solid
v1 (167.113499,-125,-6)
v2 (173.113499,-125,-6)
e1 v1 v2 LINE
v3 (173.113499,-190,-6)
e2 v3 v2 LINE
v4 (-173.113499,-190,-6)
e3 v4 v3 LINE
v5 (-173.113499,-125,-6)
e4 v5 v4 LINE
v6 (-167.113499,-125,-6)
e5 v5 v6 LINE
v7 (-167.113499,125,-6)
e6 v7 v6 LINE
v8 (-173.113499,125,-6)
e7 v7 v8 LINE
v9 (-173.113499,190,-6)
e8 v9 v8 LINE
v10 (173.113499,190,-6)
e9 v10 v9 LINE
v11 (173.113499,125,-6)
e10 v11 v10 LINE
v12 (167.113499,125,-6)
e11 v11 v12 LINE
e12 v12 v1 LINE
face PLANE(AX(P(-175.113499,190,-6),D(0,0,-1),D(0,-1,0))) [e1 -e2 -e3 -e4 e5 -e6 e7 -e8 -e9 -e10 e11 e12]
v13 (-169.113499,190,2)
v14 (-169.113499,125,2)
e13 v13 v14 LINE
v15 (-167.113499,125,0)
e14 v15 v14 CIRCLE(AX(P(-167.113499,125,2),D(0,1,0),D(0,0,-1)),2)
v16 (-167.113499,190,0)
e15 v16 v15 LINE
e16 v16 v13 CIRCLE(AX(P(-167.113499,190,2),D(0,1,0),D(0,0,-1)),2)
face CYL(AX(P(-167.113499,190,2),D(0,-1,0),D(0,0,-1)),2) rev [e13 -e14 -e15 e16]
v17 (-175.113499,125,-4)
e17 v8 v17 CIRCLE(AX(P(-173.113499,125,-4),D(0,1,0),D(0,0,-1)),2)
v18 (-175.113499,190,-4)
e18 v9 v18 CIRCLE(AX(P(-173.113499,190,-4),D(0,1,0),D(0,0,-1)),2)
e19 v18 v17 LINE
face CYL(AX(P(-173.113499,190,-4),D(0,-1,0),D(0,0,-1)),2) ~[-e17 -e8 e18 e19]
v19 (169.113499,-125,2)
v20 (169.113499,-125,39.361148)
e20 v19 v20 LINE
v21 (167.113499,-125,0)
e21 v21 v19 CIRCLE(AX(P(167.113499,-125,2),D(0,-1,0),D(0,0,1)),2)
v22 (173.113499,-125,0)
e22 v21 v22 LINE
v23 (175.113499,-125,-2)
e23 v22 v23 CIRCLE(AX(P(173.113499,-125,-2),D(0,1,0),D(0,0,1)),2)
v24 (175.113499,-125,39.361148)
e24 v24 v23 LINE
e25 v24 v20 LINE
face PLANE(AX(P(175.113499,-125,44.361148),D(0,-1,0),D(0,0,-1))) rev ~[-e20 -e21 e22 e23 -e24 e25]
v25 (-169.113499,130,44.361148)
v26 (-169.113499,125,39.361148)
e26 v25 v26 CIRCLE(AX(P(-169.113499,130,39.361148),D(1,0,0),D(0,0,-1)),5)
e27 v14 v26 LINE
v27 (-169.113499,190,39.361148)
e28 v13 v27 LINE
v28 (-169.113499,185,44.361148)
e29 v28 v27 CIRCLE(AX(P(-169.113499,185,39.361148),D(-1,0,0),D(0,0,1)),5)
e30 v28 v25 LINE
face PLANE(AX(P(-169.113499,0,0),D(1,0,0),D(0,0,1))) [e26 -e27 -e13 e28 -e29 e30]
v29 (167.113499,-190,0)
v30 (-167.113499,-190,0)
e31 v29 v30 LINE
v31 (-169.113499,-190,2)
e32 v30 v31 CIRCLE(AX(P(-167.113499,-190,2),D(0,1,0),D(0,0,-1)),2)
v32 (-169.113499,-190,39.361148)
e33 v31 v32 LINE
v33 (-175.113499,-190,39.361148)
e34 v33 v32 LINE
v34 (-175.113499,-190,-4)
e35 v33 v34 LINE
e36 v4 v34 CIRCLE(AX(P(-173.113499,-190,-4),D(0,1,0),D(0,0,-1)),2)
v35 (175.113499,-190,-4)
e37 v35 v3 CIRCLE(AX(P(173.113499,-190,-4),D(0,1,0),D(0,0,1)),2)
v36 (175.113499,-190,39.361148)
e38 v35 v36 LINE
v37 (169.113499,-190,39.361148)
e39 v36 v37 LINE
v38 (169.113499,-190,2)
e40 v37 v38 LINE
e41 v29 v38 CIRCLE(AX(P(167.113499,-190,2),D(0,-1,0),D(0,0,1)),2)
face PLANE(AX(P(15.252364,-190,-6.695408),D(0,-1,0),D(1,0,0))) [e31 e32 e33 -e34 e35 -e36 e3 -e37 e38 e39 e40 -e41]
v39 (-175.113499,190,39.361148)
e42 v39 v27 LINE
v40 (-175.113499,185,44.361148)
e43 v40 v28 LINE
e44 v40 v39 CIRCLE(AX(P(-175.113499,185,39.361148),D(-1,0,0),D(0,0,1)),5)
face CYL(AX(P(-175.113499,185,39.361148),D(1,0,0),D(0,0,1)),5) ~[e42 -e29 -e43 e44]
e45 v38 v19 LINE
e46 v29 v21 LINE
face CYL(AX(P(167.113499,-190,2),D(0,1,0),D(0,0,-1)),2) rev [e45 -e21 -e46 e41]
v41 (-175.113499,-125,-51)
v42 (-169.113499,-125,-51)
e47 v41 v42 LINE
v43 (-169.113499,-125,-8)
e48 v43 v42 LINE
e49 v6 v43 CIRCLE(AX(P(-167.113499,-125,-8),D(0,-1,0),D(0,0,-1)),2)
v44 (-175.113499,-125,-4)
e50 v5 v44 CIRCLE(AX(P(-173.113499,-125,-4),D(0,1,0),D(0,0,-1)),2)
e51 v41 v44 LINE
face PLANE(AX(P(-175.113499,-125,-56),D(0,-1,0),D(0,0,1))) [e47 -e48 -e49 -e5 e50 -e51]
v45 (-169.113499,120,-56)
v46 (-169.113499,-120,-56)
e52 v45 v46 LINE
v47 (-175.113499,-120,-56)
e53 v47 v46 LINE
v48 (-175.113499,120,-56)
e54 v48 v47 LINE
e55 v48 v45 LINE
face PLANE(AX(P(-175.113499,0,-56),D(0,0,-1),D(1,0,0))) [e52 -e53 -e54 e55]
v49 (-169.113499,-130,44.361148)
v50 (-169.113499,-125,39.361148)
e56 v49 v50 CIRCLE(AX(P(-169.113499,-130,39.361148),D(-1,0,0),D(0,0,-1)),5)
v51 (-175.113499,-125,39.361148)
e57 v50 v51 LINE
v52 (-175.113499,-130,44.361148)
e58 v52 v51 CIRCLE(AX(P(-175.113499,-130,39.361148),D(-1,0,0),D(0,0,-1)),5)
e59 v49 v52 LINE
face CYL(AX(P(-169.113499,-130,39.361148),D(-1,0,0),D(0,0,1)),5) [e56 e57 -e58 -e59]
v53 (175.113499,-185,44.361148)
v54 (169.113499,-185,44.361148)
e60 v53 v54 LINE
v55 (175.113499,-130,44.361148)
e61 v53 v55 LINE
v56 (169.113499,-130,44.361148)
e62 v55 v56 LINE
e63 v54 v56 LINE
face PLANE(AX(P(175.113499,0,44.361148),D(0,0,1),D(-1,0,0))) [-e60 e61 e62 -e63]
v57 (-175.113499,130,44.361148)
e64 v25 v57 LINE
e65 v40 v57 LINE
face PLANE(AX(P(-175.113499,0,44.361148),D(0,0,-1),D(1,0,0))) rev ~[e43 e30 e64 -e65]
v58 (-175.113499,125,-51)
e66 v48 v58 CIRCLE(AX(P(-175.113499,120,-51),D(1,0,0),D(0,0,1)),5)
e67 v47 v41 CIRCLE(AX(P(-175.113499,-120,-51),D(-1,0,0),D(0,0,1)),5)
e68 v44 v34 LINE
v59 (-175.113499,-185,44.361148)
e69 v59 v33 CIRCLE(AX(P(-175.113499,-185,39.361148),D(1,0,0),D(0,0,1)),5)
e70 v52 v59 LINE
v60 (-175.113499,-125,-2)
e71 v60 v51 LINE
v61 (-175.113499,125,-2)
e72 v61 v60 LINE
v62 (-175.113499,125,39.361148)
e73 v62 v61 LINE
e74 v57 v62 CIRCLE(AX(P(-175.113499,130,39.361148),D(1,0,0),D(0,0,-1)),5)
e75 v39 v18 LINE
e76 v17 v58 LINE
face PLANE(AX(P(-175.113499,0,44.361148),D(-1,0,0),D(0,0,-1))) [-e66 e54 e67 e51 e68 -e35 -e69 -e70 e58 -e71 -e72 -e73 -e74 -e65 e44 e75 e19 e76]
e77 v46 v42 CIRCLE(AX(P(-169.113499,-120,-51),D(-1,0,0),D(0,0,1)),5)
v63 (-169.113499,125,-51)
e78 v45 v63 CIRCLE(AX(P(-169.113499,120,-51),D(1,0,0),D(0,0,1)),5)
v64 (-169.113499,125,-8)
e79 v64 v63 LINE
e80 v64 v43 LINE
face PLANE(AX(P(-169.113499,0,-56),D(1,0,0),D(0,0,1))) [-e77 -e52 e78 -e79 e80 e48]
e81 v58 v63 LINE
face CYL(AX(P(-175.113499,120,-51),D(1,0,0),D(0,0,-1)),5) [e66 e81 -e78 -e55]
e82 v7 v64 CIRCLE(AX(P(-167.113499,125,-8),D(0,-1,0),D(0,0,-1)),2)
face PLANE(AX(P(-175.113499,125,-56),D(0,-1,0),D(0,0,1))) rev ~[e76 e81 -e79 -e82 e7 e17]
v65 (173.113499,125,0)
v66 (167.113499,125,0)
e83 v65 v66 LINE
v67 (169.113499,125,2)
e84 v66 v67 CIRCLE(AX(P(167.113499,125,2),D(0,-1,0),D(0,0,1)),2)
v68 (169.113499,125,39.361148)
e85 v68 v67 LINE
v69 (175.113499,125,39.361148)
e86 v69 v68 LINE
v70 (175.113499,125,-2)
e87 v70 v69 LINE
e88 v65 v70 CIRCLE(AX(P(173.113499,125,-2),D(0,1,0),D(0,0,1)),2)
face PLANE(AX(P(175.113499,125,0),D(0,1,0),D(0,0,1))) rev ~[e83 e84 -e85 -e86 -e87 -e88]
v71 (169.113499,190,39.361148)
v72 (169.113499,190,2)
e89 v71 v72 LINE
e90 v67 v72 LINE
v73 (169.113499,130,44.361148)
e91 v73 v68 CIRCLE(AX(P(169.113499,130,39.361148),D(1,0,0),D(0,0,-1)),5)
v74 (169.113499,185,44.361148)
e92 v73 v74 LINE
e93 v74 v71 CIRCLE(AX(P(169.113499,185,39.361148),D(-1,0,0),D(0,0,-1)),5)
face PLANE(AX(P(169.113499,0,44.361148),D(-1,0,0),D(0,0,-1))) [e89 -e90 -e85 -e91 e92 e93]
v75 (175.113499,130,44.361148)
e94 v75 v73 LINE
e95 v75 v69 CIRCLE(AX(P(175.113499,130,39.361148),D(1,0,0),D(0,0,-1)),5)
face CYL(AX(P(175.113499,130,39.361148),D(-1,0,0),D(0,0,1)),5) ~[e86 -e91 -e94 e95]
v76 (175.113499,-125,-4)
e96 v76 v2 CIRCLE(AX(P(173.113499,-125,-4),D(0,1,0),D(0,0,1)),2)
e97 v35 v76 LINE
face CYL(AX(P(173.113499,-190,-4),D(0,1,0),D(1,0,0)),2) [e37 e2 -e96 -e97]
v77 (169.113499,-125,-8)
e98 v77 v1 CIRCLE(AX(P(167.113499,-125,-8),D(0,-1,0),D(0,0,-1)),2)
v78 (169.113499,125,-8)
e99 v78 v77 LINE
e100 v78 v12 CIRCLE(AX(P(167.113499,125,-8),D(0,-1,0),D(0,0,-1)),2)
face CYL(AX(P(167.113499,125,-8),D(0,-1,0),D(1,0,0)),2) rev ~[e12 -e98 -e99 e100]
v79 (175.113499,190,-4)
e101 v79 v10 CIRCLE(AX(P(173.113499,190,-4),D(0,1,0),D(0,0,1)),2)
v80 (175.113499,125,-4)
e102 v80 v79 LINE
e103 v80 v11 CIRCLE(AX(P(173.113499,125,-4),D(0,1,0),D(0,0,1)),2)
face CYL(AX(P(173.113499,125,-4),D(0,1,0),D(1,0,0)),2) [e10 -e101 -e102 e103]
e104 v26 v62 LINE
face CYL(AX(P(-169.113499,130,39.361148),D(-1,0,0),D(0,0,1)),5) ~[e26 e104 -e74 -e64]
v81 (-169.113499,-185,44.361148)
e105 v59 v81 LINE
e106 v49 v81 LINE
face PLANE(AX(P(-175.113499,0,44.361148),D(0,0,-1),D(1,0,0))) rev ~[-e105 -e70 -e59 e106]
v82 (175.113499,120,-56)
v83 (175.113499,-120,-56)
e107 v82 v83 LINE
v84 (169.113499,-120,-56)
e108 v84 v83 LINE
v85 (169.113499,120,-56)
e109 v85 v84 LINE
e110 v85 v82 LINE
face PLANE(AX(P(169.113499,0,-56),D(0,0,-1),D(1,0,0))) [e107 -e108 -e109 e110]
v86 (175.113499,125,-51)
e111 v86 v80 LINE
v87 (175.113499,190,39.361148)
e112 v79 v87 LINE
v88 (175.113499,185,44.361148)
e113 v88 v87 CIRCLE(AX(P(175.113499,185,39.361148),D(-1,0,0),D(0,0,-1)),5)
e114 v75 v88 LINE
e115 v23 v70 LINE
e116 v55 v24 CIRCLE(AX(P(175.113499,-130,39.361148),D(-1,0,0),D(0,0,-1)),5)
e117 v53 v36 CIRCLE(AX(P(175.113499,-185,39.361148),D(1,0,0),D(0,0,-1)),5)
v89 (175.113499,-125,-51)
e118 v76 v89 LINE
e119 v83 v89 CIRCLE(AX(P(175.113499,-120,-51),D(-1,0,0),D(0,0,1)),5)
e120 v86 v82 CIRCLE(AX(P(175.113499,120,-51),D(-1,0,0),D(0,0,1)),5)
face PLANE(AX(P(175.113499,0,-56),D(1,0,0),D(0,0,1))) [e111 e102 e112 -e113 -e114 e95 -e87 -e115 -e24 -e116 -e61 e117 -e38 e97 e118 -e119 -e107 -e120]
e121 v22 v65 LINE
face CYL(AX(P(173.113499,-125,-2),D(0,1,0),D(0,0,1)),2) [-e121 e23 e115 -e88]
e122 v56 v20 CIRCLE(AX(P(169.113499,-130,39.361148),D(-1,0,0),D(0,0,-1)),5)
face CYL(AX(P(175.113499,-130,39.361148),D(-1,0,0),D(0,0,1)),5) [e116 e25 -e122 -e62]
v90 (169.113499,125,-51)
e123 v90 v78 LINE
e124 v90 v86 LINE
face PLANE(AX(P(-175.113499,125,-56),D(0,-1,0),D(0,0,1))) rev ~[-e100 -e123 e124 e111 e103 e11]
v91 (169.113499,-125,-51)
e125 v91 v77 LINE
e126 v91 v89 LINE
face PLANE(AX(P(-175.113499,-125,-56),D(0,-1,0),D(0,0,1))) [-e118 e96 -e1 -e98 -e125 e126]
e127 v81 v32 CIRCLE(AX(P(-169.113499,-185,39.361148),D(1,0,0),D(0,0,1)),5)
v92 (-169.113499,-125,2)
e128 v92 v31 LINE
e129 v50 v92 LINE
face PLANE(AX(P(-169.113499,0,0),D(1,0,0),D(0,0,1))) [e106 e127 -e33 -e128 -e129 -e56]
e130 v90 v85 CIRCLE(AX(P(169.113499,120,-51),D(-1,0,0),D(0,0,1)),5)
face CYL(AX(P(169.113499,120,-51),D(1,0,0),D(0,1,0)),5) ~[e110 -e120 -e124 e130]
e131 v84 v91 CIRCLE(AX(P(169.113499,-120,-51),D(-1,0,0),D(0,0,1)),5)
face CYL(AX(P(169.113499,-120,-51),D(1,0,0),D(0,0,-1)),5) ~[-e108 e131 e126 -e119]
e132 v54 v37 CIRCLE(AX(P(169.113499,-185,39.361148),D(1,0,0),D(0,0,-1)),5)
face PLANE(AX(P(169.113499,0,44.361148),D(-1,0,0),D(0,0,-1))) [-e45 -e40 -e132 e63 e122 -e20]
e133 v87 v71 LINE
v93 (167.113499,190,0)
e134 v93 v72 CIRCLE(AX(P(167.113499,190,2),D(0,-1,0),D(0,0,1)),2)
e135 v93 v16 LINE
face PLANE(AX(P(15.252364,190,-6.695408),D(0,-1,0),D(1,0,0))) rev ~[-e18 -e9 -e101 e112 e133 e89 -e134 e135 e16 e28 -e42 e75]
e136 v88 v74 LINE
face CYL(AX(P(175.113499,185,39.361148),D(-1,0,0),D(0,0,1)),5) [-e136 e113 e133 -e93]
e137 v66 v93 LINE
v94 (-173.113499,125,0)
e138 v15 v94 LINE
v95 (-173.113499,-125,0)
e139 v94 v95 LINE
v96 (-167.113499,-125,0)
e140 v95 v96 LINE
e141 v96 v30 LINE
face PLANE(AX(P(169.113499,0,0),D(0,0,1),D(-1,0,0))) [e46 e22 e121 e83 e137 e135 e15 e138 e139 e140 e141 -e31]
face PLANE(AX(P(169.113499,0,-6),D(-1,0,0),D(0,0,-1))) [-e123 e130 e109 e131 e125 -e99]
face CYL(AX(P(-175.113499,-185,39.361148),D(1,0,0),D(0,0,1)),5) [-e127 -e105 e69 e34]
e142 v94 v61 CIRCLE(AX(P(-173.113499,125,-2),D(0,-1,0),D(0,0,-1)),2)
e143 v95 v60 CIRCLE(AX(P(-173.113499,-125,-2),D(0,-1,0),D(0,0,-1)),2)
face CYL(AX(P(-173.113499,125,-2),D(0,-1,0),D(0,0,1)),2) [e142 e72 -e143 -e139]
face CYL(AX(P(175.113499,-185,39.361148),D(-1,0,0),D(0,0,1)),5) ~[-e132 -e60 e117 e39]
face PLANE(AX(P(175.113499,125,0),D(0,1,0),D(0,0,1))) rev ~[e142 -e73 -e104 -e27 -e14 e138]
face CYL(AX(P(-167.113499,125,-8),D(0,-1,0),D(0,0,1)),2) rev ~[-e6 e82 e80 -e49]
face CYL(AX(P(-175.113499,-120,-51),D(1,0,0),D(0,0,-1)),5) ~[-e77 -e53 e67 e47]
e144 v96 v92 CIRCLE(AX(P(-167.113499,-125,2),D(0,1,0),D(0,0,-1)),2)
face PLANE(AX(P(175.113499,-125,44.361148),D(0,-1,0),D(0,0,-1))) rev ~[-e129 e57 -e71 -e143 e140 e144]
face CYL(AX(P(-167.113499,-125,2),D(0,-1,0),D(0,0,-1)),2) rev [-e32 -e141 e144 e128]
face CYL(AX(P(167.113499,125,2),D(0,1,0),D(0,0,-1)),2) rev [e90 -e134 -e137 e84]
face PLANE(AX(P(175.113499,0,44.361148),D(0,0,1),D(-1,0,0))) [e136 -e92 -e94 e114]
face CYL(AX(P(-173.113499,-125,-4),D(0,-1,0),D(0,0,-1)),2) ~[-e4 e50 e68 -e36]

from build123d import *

# Parameters (mm, degrees)
F0_W     = 6
F0_H     = 44.3611480296
F1_DEPTH = 190
F3_DEPTH = 500
F4_W     = 65
F4_H     = 50
F5_DEPTH = 500
F6_R     = 2
F7_R     = 5


with BuildPart() as f1:
    # F0 (on Front) → F1 (new body, symmetric)
    with BuildSketch(Plane.XZ):
        Polygon((169.1134991124, 0), (0, 0), (-169.1134991124, 0), (-175.1134991124, 0), (-175.1134991124, -56), (-169.1134991124, -56), (-169.1134991124, -6), (0, -6), (169.1134991124, -6), (169.1134991124, -56), (175.1134991124, -56), (175.1134991124, 0), (175.1134991124, 44.3611480296), (169.1134991124, 44.3611480296), align=None)
        with Locations((-172.1134991124, 22.1805740148)):
            Rectangle(F0_W, F0_H)
    extrude(amount=F1_DEPTH, both=True)

    # F2 (on face) → F3 (cut)
    with BuildSketch(Plane.YZ.offset(175.1134991124)):
        Polygon((-125, 0), (0, 0), (125, 0), (125, 44.3611480296), (-125, 44.3611480296), align=None)
    extrude(amount=-F3_DEPTH, mode=Mode.SUBTRACT)

    # F4 (on face) → F5 (cut)
    with BuildSketch(Plane(origin=(-175.1134991124, 0, 0), x_dir=(0, -1, 0), z_dir=(-1, 0, 0))):
        with Locations((-157.5, -31)):
            Rectangle(F4_W, F4_H)
        with Locations((157.5, -31)):
            Rectangle(F4_W, F4_H)
    extrude(amount=-F5_DEPTH, mode=Mode.SUBTRACT)

    # F6
    f6_edges = [f1.edges().sort_by_distance(p)[0] for p in [
        (169.113499, 157.5, 0),
        (169.113499, -157.5, 0),
        (175.113499, 0, 0),
        (169.113499, 0, -6),
        (175.113499, -157.5, -6),
        (175.113499, 157.5, -6),
        (-169.113499, 157.5, 0),
        (-169.113499, -157.5, 0),
        (-175.113499, 0, 0),
        (-175.113499, -157.5, -6),
        (-169.113499, 0, -6),
        (-175.113499, 157.5, -6),
    ]]
    fillet(f6_edges, radius=F6_R)

    # F7
    f7_edges = [f1.edges().sort_by_distance(p)[0] for p in [
        (172.113499, -190, 44.361148),
        (172.113499, -125, 44.361148),
        (-172.113499, -190, 44.361148),
        (-172.113499, -125, 44.361148),
        (-172.113499, 190, 44.361148),
        (-172.113499, 125, 44.361148),
        (172.113499, 125, 44.361148),
        (172.113499, 190, 44.361148),
        (172.113499, 125, -56),
        (172.113499, -125, -56),
        (-172.113499, -125, -56),
        (-172.113499, 125, -56),
    ]]
    fillet(f7_edges, radius=F7_R)


solid = f1.part
